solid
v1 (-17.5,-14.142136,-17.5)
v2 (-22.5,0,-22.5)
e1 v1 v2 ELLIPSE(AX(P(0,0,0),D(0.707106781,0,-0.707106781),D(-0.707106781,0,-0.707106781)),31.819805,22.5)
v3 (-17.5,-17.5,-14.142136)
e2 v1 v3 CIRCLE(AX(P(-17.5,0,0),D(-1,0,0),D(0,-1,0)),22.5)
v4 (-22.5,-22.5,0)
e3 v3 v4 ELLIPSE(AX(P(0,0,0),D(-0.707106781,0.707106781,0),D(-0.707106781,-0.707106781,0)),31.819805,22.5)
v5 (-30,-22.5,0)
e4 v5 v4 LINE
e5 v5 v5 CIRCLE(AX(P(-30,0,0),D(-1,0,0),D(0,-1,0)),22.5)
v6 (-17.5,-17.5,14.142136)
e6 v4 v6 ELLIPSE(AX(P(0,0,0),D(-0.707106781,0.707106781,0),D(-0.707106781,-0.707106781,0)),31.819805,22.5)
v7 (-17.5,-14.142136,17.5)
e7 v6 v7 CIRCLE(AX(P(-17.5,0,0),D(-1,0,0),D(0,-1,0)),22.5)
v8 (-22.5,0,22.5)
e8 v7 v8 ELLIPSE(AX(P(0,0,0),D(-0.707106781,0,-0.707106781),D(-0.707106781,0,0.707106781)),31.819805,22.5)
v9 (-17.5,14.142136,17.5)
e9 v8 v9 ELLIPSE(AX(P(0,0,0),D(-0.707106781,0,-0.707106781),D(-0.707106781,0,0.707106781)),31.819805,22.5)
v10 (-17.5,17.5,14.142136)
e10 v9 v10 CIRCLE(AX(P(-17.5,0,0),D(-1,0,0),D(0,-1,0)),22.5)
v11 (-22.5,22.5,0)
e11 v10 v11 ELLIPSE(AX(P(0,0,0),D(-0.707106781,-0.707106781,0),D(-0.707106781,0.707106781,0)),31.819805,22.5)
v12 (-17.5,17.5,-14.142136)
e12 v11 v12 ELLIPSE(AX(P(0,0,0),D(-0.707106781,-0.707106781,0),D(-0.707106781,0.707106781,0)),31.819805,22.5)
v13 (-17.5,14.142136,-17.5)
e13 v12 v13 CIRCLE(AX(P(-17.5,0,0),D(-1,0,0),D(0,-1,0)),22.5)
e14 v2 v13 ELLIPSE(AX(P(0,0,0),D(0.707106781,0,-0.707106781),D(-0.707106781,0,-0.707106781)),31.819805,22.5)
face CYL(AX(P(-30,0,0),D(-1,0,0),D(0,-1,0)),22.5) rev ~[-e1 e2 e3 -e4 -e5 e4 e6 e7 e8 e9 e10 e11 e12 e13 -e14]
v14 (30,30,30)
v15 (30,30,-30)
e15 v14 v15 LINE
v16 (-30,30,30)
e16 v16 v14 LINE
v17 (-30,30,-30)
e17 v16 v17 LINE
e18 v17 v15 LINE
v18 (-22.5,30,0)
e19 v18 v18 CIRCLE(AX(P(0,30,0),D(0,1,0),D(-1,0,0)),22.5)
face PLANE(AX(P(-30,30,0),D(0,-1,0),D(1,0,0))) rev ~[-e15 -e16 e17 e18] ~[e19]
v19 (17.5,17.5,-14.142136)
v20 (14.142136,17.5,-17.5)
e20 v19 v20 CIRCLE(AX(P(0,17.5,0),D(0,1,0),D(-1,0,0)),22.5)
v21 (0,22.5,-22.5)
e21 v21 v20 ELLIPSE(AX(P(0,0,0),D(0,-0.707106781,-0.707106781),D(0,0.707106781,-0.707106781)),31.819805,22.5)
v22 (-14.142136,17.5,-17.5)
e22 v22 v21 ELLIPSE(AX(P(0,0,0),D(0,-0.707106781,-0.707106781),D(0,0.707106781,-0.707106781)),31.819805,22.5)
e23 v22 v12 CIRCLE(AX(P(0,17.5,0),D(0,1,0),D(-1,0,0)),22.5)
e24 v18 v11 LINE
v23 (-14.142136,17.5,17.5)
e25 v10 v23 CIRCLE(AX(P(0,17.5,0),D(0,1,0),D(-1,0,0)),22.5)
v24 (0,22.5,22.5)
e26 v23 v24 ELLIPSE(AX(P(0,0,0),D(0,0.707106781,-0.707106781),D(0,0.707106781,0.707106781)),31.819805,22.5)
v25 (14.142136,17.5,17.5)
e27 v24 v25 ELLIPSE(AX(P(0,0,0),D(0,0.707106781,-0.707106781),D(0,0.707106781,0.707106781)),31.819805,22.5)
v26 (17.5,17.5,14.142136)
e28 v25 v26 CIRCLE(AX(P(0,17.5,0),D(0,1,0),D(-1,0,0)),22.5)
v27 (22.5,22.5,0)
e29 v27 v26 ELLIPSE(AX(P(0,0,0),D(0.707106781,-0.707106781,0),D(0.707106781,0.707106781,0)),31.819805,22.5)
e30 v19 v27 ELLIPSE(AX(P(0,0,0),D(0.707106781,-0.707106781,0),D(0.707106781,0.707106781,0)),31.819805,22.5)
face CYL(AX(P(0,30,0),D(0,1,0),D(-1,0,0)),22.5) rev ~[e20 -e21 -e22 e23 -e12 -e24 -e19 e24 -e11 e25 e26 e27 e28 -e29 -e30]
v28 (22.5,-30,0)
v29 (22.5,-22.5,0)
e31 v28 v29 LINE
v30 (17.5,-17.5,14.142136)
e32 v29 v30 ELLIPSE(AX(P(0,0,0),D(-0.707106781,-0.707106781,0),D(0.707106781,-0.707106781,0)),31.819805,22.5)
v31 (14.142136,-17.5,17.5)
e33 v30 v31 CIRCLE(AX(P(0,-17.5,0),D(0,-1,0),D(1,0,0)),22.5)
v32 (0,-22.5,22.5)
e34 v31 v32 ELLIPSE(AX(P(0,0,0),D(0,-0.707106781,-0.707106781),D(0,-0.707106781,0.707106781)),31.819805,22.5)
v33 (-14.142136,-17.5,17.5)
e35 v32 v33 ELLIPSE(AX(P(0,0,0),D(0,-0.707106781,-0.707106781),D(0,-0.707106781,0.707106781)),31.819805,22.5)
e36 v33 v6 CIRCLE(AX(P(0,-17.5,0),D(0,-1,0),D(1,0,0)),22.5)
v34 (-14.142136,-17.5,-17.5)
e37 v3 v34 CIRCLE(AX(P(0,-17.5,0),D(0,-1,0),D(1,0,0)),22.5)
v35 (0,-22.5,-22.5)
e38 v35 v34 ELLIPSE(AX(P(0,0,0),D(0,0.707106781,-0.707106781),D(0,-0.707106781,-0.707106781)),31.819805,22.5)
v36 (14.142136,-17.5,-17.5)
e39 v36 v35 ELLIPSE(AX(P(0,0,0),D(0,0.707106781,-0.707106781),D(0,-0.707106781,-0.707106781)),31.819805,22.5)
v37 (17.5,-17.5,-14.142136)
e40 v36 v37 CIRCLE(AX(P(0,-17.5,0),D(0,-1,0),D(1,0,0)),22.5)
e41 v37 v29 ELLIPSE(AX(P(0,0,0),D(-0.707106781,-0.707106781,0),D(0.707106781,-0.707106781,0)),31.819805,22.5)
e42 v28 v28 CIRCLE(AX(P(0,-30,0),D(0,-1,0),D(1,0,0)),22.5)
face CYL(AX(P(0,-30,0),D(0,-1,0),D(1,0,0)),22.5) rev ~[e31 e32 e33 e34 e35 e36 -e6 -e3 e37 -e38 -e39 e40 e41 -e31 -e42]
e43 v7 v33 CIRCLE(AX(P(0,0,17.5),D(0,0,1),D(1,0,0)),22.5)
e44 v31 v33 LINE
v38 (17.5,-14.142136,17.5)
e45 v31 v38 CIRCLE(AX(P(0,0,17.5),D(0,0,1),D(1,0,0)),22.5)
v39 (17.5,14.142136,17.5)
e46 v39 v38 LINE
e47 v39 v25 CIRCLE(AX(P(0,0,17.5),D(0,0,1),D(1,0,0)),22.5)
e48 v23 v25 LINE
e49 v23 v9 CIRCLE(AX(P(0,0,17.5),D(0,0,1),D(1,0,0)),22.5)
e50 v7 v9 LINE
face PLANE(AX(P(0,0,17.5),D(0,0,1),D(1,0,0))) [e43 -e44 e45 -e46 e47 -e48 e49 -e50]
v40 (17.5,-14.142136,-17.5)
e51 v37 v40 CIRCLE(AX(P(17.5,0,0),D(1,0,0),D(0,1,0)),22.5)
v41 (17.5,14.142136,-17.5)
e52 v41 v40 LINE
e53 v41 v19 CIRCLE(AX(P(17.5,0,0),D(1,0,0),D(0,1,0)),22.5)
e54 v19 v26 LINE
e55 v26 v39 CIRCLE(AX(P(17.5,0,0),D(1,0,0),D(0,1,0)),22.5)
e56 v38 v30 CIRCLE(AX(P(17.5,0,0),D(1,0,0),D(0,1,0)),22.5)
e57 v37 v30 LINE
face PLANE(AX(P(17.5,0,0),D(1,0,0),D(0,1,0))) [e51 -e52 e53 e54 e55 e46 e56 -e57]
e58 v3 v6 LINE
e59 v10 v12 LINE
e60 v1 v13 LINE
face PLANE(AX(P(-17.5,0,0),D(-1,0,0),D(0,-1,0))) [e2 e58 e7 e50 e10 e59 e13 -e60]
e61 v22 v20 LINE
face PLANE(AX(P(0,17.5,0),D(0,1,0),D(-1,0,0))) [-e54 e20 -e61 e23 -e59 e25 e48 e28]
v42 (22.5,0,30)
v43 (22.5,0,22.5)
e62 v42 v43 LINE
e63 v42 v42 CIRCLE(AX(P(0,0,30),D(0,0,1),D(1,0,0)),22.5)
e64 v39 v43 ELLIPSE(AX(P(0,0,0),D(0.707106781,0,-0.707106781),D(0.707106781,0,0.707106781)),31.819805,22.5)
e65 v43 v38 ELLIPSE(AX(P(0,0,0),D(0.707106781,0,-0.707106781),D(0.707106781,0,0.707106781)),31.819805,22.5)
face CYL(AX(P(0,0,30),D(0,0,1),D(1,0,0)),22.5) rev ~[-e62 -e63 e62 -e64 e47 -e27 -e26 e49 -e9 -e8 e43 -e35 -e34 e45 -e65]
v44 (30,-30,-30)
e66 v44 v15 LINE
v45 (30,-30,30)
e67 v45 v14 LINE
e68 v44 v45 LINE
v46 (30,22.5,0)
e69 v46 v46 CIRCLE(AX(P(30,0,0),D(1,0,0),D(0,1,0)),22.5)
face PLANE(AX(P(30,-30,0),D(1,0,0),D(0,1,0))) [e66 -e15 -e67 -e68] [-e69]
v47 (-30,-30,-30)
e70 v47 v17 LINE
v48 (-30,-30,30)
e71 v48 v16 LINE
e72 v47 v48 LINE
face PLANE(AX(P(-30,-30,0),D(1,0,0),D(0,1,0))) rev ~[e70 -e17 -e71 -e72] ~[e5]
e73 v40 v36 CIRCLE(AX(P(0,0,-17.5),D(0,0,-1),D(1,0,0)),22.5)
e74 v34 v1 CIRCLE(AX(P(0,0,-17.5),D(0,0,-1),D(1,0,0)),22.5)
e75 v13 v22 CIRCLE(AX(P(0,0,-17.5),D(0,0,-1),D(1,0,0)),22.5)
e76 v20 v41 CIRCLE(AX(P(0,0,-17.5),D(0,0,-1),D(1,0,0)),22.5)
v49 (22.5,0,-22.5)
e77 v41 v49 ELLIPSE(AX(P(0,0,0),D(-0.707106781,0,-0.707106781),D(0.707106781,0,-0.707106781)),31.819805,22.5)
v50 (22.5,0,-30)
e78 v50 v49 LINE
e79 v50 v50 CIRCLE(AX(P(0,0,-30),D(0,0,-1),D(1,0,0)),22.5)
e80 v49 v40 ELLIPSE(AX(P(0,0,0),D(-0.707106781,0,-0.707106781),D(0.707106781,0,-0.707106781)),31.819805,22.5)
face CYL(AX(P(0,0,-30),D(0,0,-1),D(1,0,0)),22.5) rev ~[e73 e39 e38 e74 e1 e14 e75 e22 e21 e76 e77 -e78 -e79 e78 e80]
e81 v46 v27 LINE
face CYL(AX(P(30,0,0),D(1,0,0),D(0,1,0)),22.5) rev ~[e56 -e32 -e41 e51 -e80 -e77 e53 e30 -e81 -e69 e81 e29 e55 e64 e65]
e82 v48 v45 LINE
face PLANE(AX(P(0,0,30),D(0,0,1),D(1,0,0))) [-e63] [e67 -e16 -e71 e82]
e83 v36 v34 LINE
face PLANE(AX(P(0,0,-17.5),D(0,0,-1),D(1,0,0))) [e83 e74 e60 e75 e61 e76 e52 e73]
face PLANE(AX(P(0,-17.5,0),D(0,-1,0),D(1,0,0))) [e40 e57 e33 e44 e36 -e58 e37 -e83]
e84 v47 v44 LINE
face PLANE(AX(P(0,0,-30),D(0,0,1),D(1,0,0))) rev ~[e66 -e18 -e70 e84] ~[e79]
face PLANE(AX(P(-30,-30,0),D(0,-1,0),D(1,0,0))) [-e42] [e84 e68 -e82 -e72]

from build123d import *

# Parameters (mm, degrees)
F2_W          = 60
F2_H          = 60
F3_DEPTH      = 30
F3_DEPTH_BACK = 30
F9_R          = 22.5
F10_DEPTH     = 12.5
F6_R          = 22.5
F11_DEPTH     = 12.5
F5_R          = 22.5
F12_DEPTH     = 12.5
F8_R          = 22.5
F13_DEPTH     = 12.5
F7_R          = 22.5
F14_DEPTH     = 12.5
F4_R          = 22.5
F15_DEPTH     = 12.5


with BuildPart() as f3:
    # F2 (on Top) → F3 (new body, two sides)
    with BuildSketch(Plane.XY) as f3_sk:
        Rectangle(F2_W, F2_H)
    extrude(amount=F3_DEPTH)
    extrude(f3_sk.sketch, amount=-F3_DEPTH_BACK)

    # F9 (on face) → F10 (cut)
    with BuildSketch(Plane(origin=(0, 0, -30), x_dir=(1, 0, 0), z_dir=(0, 0, -1))):
        Circle(F9_R)
    extrude(amount=-F10_DEPTH, mode=Mode.SUBTRACT)

    # F6 (on face) → F11 (cut)
    with BuildSketch(Plane(origin=(-30, 0, 0), x_dir=(0, -1, 0), z_dir=(-1, 0, 0))):
        Circle(F6_R)
    extrude(amount=-F11_DEPTH, mode=Mode.SUBTRACT)

    # F5 (on face) → F12 (cut)
    with BuildSketch(Plane.XZ.offset(30)):
        Circle(F5_R)
    extrude(amount=-F12_DEPTH, mode=Mode.SUBTRACT)

    # F8 (on face) → F13 (cut)
    with BuildSketch(Plane.YZ.offset(30)):
        Circle(F8_R)
    extrude(amount=-F13_DEPTH, mode=Mode.SUBTRACT)

    # F7 (on face) → F14 (cut)
    with BuildSketch(Plane(origin=(0, 30, 0), x_dir=(-1, 0, 0), z_dir=(0, 1, 0))):
        Circle(F7_R)
    extrude(amount=-F14_DEPTH, mode=Mode.SUBTRACT)

    # F4 (on face) → F15 (cut)
    with BuildSketch(Plane.XY.offset(30)):
        Circle(F4_R)
    extrude(amount=-F15_DEPTH, mode=Mode.SUBTRACT)


solid = f3.part
